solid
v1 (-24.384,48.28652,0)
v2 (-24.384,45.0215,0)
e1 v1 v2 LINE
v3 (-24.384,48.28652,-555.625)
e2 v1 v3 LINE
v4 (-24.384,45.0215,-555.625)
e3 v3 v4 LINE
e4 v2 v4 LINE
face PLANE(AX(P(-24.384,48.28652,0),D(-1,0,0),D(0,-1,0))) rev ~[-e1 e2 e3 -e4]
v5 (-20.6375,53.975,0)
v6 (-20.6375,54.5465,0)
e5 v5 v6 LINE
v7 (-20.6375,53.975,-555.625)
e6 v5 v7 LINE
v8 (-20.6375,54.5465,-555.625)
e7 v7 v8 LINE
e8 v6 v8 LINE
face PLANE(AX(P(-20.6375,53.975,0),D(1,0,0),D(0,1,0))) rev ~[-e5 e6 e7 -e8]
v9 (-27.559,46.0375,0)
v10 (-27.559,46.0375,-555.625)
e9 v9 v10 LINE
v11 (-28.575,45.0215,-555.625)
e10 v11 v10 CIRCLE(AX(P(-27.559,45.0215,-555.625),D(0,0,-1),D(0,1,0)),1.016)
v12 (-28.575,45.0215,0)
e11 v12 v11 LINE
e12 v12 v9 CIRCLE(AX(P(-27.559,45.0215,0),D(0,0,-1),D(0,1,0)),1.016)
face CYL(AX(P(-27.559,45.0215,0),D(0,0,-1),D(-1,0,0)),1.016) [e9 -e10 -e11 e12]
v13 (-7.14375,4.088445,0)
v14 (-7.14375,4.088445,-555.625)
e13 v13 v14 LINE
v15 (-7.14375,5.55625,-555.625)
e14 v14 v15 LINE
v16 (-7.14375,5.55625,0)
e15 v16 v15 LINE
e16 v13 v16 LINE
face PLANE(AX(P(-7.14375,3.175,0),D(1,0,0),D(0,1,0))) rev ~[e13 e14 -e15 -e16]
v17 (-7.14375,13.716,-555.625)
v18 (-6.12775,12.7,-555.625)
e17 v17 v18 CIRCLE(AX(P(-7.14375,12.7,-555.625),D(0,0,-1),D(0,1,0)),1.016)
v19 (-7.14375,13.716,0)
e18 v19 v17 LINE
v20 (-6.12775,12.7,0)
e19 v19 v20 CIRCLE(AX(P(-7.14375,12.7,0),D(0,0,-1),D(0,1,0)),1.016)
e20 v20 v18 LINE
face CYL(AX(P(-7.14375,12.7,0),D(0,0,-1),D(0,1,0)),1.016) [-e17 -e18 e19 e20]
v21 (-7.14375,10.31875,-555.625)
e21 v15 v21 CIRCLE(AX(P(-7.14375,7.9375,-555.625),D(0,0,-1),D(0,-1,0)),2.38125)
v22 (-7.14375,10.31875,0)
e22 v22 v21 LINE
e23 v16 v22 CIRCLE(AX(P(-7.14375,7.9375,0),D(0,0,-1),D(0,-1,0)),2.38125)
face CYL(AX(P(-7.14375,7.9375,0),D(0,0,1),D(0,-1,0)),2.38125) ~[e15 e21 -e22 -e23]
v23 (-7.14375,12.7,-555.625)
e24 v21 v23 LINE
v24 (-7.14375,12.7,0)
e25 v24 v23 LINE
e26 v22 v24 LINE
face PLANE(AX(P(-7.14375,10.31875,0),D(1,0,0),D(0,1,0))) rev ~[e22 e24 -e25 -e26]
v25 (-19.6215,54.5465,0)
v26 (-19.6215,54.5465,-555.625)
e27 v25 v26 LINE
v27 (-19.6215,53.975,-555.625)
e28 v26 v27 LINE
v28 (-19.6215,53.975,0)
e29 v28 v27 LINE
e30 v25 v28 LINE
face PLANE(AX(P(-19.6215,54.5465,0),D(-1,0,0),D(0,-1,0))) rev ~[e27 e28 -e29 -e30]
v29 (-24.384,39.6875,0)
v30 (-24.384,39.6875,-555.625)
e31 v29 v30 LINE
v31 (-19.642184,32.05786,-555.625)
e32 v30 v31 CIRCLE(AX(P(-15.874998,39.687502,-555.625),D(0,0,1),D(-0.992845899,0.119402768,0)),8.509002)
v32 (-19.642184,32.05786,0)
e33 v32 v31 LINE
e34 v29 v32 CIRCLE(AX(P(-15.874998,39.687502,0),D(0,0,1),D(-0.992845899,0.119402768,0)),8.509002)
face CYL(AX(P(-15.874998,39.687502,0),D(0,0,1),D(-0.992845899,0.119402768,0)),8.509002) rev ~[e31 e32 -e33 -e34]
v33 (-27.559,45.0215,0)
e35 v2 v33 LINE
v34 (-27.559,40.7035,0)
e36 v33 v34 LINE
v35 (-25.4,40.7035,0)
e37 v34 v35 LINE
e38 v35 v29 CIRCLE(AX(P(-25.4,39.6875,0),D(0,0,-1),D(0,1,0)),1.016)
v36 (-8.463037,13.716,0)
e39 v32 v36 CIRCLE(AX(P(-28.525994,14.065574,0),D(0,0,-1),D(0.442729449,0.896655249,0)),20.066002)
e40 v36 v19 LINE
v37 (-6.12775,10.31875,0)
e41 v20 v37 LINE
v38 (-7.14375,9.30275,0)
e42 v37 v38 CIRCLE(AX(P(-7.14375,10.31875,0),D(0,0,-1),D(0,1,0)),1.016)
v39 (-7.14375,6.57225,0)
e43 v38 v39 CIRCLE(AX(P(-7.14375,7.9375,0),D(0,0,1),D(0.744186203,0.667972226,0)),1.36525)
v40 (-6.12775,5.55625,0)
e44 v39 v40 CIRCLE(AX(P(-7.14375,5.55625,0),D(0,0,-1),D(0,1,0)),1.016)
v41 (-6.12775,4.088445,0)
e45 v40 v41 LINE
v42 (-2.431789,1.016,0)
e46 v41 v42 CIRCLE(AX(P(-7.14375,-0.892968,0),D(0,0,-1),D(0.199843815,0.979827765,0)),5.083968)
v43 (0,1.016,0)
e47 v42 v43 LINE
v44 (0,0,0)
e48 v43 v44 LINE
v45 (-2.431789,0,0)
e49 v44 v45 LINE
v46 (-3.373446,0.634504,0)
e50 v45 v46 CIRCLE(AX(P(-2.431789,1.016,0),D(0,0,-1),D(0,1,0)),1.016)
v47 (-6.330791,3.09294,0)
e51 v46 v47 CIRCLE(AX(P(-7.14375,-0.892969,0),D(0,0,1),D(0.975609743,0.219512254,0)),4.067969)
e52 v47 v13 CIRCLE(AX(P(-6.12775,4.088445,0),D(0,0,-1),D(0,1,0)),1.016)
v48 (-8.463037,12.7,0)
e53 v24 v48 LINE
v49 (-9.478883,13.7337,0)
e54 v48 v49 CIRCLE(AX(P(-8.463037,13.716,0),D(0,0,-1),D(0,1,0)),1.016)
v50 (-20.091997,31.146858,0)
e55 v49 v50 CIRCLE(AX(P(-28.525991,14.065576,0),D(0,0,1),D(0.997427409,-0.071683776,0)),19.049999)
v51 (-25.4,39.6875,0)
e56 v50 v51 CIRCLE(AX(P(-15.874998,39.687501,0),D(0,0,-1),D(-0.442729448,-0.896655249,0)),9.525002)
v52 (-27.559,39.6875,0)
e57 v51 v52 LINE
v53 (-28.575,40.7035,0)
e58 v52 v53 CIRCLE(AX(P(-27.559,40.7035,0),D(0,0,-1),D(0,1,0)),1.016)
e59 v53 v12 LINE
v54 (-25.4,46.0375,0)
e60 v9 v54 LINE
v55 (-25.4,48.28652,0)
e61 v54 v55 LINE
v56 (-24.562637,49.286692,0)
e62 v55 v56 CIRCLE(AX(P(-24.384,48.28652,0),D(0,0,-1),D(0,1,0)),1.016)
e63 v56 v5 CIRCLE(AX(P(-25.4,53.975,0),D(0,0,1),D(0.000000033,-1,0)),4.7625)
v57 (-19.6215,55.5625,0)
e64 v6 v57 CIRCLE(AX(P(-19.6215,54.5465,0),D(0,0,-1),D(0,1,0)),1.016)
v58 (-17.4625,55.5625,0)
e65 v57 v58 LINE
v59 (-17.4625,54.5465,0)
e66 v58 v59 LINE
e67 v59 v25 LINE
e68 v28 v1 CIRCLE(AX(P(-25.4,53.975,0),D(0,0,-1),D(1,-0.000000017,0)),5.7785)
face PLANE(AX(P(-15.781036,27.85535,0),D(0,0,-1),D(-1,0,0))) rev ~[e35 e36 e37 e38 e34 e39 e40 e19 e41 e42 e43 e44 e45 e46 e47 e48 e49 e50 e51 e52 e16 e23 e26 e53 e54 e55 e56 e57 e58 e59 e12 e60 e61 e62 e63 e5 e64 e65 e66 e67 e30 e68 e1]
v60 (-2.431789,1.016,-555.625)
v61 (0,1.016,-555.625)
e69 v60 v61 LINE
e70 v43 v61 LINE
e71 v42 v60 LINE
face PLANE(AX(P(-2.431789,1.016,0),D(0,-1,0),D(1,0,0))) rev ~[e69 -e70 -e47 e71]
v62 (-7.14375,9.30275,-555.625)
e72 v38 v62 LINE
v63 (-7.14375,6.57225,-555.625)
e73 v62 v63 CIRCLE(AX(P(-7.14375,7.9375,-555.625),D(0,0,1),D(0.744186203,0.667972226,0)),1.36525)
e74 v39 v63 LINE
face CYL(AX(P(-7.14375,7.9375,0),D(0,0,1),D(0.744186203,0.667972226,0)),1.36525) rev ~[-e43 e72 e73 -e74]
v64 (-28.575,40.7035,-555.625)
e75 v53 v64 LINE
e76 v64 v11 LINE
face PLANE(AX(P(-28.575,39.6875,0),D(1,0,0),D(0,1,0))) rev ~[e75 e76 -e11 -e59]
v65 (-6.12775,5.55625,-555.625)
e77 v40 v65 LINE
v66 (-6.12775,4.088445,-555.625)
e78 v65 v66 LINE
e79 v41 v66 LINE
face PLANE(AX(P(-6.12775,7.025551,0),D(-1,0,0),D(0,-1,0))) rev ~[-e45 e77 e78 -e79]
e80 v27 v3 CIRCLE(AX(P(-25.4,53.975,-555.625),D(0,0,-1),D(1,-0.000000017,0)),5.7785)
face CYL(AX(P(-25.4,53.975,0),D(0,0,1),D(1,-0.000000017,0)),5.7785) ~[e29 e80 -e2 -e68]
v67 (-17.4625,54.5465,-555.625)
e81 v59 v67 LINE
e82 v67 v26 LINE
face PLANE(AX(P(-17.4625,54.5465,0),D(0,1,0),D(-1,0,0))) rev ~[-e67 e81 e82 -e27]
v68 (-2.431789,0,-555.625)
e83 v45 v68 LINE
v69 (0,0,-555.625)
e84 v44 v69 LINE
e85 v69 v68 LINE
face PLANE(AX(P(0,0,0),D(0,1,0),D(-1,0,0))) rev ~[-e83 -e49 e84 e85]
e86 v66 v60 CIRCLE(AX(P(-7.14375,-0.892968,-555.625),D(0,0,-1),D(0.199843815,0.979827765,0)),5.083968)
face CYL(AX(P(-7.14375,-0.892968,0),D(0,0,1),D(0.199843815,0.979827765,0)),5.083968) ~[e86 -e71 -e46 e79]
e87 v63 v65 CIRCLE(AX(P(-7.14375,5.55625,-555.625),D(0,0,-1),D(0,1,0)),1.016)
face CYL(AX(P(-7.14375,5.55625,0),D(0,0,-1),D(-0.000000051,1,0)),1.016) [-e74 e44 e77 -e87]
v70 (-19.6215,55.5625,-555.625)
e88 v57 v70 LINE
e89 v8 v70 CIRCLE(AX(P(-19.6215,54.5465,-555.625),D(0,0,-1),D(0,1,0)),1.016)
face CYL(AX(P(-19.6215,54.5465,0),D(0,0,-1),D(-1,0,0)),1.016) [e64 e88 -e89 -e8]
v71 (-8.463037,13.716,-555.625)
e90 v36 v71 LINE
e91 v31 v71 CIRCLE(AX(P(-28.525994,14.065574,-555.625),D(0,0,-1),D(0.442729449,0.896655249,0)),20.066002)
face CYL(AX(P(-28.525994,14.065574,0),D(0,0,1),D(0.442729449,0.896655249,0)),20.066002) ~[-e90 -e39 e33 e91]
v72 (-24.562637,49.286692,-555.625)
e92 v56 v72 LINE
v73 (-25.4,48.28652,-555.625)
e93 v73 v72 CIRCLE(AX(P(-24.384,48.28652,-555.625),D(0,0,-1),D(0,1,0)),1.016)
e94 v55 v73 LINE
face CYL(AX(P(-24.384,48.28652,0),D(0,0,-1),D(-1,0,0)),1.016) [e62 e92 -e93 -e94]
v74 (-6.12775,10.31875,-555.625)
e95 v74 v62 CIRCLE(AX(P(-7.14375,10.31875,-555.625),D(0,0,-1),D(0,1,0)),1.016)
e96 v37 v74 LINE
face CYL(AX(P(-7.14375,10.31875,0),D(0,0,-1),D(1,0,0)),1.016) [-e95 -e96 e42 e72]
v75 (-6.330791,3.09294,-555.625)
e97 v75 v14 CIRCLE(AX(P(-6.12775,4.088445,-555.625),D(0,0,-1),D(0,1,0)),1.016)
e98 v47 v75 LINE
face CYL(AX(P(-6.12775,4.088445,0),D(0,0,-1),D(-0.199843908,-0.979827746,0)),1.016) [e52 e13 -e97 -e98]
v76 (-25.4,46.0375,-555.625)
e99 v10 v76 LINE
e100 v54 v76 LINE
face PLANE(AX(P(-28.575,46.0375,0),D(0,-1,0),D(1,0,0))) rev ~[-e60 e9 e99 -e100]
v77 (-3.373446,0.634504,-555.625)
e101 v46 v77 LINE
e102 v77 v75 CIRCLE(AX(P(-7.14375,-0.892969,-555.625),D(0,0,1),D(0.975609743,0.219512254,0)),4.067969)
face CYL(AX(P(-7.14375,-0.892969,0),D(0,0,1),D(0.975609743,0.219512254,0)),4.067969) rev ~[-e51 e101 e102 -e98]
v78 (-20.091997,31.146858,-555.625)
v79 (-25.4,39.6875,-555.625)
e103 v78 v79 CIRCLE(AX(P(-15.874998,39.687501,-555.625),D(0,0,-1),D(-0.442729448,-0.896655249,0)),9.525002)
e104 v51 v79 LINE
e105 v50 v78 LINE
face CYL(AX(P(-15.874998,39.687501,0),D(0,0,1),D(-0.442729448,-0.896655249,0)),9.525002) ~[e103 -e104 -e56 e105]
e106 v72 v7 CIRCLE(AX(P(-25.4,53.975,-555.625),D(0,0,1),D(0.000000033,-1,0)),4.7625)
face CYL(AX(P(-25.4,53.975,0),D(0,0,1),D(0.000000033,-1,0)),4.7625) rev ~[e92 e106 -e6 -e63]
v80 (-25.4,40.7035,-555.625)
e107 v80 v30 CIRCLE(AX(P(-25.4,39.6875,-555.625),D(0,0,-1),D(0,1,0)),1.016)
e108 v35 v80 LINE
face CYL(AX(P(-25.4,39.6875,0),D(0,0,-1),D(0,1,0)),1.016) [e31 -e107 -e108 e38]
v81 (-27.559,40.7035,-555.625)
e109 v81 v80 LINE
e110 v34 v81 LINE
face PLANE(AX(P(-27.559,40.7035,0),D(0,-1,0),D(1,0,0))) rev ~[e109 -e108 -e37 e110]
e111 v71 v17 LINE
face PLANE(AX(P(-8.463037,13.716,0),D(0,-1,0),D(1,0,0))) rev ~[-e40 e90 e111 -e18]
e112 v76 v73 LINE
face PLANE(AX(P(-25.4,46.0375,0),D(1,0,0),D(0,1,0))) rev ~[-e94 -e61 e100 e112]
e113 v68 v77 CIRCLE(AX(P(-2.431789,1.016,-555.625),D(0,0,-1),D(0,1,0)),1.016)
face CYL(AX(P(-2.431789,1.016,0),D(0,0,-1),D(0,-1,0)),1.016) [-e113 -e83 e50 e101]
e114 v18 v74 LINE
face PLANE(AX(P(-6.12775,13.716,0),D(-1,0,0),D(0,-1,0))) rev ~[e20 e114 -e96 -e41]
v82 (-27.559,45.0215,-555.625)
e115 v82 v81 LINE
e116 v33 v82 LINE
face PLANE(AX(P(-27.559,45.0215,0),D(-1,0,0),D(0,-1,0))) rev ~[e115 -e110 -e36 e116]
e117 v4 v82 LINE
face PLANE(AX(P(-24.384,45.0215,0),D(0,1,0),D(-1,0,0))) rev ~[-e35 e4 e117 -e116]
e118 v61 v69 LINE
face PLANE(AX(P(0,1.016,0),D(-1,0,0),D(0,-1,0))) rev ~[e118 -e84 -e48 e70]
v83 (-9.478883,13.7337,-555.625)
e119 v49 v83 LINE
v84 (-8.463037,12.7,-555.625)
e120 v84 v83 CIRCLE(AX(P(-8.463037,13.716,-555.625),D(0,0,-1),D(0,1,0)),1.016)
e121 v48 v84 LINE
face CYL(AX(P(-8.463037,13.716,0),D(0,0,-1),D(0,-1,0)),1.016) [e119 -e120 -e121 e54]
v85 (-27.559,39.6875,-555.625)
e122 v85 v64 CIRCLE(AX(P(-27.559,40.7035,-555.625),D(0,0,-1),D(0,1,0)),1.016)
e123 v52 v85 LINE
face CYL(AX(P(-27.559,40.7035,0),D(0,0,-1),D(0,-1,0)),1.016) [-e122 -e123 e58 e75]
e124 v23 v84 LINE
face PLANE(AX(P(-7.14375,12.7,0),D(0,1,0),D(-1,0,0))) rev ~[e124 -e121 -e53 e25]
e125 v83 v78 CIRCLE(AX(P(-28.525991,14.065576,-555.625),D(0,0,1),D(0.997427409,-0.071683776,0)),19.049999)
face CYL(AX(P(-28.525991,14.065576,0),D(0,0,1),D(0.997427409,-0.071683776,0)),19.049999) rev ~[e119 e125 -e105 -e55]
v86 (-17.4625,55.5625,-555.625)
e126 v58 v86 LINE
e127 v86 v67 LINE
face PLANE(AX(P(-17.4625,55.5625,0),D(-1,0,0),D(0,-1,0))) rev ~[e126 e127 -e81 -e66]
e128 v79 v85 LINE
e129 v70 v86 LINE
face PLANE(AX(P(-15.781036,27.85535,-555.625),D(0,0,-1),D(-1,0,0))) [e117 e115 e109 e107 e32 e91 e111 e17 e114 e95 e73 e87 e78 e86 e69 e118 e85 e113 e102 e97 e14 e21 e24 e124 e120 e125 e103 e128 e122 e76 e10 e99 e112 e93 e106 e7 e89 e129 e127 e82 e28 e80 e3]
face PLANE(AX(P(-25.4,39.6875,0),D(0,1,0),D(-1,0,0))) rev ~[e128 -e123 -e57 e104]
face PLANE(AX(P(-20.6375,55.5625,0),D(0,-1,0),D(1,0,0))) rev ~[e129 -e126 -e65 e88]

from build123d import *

# Parameters (mm, degrees)
EXTRUDE_THIN1_DEPTH = 555.625
FILLET1_R           = 1.016


with BuildPart() as part:
    # Sketch1 → Extrude-Thin1 (new body)
    with BuildSketch(Plane.XY):
        with BuildLine():
            Line((0, 0), (-3.175, 0))
            ThreePointArc((-3.175, 0), (-4.60251, 2.283581), (-7.14375, 3.175))
            Line((-7.14375, 3.175), (-7.14375, 5.55625))
            ThreePointArc((-7.14375, 5.55625), (-9.525, 7.9375), (-7.14375, 10.31875))
            Line((-7.14375, 10.31875), (-7.14375, 12.7))
            Line((-7.14375, 12.7), (-9.525, 12.7))
            ThreePointArc((-9.525, 12.7), (-11.995981, 23.534537), (-20.091997, 31.146858))
            ThreePointArc((-20.091997, 31.146858), (-23.964886, 34.659641), (-25.4, 39.6875))
            Line((-25.4, 39.6875), (-28.575, 39.6875))
            Line((-28.575, 39.6875), (-28.575, 46.0375))
            Line((-28.575, 46.0375), (-25.4, 46.0375))
            Line((-25.4, 46.0375), (-25.4, 49.2125))
            ThreePointArc((-25.4, 49.2125), (-22.032404, 50.607404), (-20.6375, 53.975))
            Line((-20.6375, 53.975), (-20.6375, 55.5625))
            Line((-20.6375, 55.5625), (-17.4625, 55.5625))
            Line((-17.4625, 55.5625), (-17.4625, 54.5465))
            Line((-17.4625, 54.5465), (-19.6215, 54.5465))
            Line((-19.6215, 54.5465), (-19.6215, 53.975))
            ThreePointArc((-19.6215, 53.975), (-20.969311, 50.265545), (-24.384, 48.28652))
            Line((-24.384, 48.28652), (-24.384, 45.0215))
            Line((-24.384, 45.0215), (-27.559, 45.0215))
            Line((-27.559, 45.0215), (-27.559, 40.7035))
            Line((-27.559, 40.7035), (-24.323126, 40.7035))
            ThreePointArc((-24.323126, 40.7035), (-23.357661, 35.636221), (-19.642184, 32.05786))
            ThreePointArc((-19.642184, 32.05786), (-11.391678, 24.508737), (-8.463037, 13.716))
            Line((-8.463037, 13.716), (-6.12775, 13.716))
            Line((-6.12775, 13.716), (-6.12775, 8.849449))
            ThreePointArc((-6.12775, 8.849449), (-8.509, 7.9375), (-6.12775, 7.025551))
            Line((-6.12775, 7.025551), (-6.12775, 4.088445))
            ThreePointArc((-6.12775, 4.088445), (-3.893771, 3.016555), (-2.431789, 1.016))
            Line((-2.431789, 1.016), (0, 1.016))
            Line((0, 1.016), (0, 0))
        make_face()
    extrude(amount=-EXTRUDE_THIN1_DEPTH)

    # Fillet1
    fillet1_edges = [part.edges().sort_by_distance(p)[0] for p in [
        (-24.323126, 40.7035, -277.8125),
        (-6.12775, 13.716, -277.8125),
        (-6.12775, 8.849449, -277.8125),
        (-6.12775, 7.025551, -277.8125),
        (-3.175, 0, -277.8125),
        (-7.14375, 3.175, -277.8125),
        (-9.525, 12.7, -277.8125),
        (-28.575, 39.6875, -277.8125),
        (-28.575, 46.0375, -277.8125),
        (-25.4, 49.2125, -277.8125),
        (-20.6375, 55.5625, -277.8125),
    ]]
    fillet(fillet1_edges, radius=FILLET1_R)


solid = part.part
